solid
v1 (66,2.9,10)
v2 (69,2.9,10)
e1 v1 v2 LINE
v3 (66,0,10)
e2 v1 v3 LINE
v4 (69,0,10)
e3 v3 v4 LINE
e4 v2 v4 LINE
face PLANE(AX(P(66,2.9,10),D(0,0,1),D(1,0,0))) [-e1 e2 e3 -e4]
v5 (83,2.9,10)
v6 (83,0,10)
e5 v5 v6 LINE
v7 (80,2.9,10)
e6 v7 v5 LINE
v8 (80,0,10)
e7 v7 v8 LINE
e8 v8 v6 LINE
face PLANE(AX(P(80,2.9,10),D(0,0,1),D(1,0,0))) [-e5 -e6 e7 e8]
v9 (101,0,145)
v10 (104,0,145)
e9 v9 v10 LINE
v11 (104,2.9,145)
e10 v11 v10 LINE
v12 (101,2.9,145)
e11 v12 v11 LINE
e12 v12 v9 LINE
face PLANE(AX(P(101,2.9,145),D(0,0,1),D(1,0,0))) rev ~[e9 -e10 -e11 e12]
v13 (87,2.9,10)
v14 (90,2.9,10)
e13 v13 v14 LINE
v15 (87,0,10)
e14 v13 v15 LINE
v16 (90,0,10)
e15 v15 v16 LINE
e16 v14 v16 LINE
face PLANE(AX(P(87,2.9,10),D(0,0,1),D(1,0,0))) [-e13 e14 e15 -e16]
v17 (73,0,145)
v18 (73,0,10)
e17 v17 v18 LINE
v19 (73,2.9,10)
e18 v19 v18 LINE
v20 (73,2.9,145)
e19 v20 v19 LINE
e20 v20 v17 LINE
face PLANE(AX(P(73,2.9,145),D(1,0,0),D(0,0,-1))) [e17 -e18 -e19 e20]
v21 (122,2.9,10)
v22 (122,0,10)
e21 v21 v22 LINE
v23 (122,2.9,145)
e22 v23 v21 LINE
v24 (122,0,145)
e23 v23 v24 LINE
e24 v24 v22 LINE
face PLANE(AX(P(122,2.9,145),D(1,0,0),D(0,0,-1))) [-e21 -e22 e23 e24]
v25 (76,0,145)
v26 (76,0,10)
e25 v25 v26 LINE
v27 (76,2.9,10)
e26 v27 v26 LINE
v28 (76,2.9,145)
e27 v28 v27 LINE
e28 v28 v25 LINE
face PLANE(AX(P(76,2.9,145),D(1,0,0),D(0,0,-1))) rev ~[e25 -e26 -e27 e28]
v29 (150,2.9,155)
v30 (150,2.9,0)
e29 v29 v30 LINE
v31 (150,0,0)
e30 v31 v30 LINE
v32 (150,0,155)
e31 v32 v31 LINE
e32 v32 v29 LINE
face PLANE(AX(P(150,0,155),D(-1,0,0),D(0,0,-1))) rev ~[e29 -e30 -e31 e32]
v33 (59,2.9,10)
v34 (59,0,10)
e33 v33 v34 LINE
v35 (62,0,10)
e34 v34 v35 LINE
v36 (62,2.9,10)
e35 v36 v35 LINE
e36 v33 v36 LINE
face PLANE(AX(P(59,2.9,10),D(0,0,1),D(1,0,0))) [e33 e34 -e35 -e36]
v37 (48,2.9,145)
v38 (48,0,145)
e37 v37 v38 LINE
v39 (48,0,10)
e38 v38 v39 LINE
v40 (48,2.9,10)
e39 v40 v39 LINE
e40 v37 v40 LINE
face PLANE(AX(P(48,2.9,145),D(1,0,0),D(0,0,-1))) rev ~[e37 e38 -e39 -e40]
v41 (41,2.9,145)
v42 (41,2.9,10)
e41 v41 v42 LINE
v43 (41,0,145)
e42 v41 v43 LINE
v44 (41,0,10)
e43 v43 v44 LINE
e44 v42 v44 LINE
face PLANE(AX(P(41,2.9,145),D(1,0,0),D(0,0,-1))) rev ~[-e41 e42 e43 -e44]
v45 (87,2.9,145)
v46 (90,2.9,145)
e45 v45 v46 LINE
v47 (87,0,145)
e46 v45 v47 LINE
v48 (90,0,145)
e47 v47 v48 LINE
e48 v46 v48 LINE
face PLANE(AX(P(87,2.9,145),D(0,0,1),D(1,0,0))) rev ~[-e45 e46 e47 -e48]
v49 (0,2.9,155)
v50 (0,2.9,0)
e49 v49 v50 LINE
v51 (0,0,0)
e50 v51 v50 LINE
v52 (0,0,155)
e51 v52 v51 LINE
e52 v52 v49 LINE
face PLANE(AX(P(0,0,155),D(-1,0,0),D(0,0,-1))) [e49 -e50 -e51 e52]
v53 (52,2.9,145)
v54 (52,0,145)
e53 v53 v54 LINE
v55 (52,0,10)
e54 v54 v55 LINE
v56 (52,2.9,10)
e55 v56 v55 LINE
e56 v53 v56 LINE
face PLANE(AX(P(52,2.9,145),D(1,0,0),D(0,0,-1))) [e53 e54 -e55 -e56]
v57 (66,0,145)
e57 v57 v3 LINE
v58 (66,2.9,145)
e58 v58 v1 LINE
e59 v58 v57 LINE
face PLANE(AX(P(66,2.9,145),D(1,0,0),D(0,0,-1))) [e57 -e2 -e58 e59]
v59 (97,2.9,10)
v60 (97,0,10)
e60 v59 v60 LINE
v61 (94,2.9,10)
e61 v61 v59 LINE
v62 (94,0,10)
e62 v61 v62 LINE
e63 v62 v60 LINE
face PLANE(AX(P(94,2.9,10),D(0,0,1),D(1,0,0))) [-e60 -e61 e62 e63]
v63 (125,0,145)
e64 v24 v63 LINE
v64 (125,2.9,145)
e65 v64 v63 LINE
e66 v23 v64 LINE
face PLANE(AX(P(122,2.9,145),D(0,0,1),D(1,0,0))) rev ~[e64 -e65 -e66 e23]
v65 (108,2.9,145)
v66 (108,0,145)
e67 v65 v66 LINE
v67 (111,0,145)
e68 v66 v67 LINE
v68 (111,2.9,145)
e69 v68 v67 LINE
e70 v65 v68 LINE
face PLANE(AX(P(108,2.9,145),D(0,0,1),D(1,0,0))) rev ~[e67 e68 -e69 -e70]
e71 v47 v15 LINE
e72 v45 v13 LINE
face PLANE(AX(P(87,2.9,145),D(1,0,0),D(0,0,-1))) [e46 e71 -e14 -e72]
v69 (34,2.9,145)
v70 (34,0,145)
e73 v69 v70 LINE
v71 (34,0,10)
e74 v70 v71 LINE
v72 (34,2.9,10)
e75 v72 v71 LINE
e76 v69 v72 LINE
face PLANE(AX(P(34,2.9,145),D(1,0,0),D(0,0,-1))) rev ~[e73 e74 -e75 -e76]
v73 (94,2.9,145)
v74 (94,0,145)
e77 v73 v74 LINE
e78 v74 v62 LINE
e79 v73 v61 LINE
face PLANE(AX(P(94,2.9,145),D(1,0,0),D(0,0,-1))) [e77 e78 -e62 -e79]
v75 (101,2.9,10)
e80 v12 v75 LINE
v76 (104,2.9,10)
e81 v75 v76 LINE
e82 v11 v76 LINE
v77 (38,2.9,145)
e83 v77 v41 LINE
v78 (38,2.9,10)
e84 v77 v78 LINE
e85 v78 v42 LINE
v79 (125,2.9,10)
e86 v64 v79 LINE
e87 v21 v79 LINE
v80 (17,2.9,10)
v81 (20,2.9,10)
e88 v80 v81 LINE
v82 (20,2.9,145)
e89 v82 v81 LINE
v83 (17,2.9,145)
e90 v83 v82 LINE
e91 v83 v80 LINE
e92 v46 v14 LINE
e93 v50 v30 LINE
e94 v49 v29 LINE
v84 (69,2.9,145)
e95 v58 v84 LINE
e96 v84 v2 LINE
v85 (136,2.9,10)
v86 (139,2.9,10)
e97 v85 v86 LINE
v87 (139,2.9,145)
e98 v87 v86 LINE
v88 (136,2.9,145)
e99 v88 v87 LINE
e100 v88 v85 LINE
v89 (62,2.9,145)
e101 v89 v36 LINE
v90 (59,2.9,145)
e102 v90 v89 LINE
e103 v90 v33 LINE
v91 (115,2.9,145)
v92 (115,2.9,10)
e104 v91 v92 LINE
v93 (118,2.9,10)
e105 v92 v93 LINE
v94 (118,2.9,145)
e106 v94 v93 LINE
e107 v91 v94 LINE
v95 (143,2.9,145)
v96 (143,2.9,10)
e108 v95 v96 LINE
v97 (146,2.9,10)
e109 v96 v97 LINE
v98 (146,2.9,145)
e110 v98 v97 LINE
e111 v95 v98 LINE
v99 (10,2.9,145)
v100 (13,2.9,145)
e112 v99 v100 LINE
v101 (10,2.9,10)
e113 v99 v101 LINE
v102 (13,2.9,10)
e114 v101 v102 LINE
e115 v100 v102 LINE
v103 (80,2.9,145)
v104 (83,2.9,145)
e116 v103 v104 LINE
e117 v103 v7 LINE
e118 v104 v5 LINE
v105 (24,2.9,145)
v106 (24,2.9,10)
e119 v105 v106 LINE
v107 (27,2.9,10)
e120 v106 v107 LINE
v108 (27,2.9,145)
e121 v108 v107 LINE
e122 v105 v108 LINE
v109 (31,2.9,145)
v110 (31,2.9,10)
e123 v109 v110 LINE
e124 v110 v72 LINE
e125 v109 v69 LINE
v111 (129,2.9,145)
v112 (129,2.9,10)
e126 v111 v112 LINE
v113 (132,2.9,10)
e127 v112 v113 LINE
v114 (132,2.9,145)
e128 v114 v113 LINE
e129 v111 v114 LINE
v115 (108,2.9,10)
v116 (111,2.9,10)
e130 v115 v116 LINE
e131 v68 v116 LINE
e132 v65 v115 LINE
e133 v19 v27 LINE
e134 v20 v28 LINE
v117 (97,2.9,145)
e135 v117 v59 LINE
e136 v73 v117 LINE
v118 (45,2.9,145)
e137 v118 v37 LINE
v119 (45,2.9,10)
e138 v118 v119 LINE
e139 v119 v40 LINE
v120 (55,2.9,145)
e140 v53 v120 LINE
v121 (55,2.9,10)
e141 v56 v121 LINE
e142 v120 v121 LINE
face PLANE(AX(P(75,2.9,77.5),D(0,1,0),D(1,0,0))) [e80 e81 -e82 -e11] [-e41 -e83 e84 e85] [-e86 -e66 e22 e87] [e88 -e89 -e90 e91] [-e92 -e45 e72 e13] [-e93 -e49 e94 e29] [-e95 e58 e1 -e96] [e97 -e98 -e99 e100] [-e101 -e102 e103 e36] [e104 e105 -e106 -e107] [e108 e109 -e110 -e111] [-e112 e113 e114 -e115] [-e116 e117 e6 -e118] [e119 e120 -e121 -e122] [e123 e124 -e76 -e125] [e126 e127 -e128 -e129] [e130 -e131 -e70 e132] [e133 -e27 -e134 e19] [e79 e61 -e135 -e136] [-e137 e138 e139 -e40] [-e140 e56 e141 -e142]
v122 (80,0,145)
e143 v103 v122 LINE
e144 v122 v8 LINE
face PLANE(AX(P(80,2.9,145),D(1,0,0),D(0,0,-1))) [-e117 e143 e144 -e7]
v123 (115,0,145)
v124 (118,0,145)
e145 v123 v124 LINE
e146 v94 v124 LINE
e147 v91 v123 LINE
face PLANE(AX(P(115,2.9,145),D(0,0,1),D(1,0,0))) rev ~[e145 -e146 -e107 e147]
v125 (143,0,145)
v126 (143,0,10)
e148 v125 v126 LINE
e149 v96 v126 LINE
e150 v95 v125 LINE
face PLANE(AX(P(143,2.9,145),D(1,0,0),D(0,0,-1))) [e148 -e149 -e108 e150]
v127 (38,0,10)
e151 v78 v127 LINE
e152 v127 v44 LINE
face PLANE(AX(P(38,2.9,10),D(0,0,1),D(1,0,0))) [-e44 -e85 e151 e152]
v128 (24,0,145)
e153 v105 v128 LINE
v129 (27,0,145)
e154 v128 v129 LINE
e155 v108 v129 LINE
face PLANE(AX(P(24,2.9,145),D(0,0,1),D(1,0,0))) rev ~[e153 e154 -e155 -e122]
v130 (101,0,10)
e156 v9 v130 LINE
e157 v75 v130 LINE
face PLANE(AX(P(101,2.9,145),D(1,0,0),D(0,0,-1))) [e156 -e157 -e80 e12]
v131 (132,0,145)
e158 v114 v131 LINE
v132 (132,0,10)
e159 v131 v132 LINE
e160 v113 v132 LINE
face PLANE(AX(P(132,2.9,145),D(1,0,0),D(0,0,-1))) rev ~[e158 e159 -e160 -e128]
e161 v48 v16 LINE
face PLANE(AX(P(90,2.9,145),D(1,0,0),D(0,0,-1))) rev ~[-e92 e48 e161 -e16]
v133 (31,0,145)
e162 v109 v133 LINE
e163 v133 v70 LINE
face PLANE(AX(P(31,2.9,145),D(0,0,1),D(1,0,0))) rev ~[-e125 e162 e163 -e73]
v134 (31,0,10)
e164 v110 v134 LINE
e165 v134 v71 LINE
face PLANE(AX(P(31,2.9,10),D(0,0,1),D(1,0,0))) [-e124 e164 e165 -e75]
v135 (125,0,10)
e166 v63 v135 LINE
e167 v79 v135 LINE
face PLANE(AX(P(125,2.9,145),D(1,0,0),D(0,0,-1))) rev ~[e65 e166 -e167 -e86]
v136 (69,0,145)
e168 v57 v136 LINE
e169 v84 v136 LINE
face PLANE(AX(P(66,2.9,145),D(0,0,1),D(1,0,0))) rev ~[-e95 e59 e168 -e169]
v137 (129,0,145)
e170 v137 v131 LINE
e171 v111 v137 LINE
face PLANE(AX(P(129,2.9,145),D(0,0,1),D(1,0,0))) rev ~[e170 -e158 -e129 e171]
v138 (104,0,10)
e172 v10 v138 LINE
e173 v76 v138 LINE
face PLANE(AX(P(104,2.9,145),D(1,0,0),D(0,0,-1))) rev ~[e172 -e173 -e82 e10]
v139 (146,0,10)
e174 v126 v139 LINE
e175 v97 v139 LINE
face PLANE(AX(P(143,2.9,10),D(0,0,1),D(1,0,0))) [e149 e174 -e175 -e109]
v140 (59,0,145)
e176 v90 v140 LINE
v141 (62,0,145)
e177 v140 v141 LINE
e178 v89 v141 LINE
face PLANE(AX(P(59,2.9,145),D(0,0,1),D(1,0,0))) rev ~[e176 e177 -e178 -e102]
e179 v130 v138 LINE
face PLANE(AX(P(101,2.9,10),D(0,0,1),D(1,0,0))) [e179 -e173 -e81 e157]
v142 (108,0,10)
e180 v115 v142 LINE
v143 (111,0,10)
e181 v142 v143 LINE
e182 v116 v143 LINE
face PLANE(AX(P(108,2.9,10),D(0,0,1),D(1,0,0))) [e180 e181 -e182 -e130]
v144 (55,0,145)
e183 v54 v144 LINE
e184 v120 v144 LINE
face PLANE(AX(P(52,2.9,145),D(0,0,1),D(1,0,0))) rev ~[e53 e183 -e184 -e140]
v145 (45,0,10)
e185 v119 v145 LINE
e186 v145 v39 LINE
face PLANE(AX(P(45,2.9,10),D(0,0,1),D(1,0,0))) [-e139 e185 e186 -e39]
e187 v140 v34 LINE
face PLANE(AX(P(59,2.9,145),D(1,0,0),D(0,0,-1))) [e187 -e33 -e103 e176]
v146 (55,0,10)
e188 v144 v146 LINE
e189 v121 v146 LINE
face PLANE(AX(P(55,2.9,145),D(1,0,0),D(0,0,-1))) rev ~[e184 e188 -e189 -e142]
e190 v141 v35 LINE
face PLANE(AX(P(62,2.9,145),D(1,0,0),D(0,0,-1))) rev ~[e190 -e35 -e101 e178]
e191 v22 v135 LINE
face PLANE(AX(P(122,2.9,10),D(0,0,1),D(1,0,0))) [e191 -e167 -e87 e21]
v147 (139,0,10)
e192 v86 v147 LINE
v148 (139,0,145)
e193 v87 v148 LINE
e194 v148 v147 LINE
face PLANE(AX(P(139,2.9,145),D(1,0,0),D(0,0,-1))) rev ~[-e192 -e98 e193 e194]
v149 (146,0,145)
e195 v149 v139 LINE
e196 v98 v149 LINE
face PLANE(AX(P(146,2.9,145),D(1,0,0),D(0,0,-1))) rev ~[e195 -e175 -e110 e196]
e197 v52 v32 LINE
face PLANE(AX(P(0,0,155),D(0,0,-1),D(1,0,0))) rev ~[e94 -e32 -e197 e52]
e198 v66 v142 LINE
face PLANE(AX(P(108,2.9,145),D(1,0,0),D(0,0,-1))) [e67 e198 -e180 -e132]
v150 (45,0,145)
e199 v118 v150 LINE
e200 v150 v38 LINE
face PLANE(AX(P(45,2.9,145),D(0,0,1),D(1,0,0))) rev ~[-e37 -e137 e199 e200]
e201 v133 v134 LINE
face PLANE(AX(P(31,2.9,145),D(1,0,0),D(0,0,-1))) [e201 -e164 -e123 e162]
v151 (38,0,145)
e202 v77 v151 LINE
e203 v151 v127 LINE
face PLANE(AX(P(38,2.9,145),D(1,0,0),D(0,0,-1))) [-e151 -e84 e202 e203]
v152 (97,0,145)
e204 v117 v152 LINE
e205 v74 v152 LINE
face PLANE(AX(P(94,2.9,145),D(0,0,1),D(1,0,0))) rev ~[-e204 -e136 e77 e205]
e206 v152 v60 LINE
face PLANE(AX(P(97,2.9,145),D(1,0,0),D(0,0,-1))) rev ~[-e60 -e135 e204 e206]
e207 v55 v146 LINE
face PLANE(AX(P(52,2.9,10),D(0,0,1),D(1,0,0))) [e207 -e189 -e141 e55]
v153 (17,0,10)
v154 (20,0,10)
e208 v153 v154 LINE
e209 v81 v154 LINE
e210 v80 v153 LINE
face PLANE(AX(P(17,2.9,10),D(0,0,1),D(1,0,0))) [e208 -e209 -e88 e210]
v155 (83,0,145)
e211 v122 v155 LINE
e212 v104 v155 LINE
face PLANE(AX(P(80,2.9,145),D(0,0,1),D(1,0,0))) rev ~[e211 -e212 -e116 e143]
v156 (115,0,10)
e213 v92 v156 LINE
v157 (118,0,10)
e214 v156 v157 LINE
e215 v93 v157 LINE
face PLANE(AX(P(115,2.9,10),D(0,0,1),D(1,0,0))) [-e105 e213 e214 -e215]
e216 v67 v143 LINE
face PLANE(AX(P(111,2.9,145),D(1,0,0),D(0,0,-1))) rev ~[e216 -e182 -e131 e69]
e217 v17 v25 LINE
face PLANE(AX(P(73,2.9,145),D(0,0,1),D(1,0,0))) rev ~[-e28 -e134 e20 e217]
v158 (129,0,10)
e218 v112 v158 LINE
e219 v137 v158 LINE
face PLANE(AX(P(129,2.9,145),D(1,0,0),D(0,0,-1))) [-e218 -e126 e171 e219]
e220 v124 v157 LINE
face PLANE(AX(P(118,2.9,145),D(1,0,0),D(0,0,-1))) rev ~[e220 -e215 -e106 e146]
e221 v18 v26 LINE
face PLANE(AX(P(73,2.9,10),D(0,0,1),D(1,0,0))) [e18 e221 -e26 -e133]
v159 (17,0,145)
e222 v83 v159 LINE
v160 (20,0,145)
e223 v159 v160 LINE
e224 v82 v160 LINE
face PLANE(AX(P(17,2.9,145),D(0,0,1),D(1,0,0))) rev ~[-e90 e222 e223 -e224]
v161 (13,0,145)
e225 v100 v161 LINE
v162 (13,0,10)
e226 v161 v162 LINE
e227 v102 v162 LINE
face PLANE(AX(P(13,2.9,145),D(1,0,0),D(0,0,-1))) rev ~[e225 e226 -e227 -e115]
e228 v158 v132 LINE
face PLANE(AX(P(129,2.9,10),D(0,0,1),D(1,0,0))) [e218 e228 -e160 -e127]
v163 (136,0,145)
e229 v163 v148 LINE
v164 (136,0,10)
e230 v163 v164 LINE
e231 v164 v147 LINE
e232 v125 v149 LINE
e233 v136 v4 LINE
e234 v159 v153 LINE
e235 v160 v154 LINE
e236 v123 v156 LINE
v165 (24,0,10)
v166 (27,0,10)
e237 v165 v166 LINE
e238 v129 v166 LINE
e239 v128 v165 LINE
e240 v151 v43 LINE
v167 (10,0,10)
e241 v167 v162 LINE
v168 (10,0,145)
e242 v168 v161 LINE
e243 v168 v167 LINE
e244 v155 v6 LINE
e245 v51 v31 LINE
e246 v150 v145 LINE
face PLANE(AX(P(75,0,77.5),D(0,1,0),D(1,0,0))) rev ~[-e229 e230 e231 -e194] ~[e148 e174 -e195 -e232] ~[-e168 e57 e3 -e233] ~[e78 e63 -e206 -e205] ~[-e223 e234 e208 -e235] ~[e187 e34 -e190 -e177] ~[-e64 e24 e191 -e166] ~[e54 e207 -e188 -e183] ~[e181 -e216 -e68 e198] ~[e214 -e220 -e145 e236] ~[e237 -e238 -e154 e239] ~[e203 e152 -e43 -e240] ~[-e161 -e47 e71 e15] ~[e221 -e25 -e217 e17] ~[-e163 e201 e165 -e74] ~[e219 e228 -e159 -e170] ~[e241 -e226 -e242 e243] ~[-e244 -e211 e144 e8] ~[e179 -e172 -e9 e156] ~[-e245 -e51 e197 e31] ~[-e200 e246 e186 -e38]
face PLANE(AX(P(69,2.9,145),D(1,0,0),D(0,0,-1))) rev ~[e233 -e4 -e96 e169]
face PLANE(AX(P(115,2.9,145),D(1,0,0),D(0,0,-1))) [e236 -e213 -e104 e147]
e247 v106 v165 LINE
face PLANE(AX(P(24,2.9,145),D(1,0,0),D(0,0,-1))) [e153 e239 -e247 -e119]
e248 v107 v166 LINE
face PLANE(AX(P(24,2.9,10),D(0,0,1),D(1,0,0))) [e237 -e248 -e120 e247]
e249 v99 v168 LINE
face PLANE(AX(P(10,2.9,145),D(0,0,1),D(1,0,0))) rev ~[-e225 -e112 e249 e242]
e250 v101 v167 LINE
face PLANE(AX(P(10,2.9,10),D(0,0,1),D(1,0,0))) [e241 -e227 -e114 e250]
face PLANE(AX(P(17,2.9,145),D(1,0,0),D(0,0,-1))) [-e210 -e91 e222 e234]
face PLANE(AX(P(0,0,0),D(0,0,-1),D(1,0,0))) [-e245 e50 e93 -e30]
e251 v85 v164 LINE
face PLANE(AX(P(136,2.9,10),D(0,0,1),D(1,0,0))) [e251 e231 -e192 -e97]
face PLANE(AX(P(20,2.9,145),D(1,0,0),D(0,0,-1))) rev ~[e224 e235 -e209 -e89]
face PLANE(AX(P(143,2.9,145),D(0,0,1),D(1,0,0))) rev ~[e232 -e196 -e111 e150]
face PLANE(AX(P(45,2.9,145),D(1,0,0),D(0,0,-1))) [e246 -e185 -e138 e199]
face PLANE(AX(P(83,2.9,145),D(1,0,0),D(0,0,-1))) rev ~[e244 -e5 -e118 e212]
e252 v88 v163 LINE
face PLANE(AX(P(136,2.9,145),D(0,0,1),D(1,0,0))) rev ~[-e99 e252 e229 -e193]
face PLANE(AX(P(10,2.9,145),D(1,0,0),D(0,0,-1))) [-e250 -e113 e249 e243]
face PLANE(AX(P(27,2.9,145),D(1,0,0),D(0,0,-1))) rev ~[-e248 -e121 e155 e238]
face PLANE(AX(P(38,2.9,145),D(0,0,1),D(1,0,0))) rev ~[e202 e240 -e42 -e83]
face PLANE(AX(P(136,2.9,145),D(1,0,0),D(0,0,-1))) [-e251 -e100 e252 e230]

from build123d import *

# Parameters (mm, degrees)
SKETCH_1_W          = 150
SKETCH_1_H          = 155
EXTRUDE_1_DEPTH     = 2.9
SKETCH_2_W          = 3
SKETCH_2_H          = 135
CUT_EXTRUDE_4_DEPTH = 3


with BuildPart() as part:
    # 草图1 → 凸台-拉伸1 (new body)
    with BuildSketch(Plane(origin=(0, 0, 0), x_dir=(1, 0, 0), z_dir=(0, 1, 0))):
        with Locations((75, -77.5)):
            Rectangle(SKETCH_1_W, SKETCH_1_H)
    extrude(amount=EXTRUDE_1_DEPTH)

    # 草图2 → 切除-拉伸4 (cut)
    with BuildSketch(Plane(origin=(0, 2.9, 0), x_dir=(1, 0, 0), z_dir=(0, 1, 0))):
        with Locations((18.5, -77.5)):
            Rectangle(SKETCH_2_W, SKETCH_2_H)
        with Locations((11.5, -77.5)):
            Rectangle(SKETCH_2_W, SKETCH_2_H)
        with Locations((25.5, -77.5)):
            Rectangle(SKETCH_2_W, SKETCH_2_H)
        with Locations((32.5, -77.5)):
            Rectangle(SKETCH_2_W, SKETCH_2_H)
        with Locations((39.5, -77.5)):
            Rectangle(SKETCH_2_W, SKETCH_2_H)
        with Locations((46.5, -77.5)):
            Rectangle(SKETCH_2_W, SKETCH_2_H)
        with Locations((53.5, -77.5)):
            Rectangle(SKETCH_2_W, SKETCH_2_H)
        with Locations((60.5, -77.5)):
            Rectangle(SKETCH_2_W, SKETCH_2_H)
        with Locations((67.5, -77.5)):
            Rectangle(SKETCH_2_W, SKETCH_2_H)
        with Locations((74.5, -77.5)):
            Rectangle(SKETCH_2_W, SKETCH_2_H)
        with Locations((81.5, -77.5)):
            Rectangle(SKETCH_2_W, SKETCH_2_H)
        with Locations((88.5, -77.5)):
            Rectangle(SKETCH_2_W, SKETCH_2_H)
        with Locations((95.5, -77.5)):
            Rectangle(SKETCH_2_W, SKETCH_2_H)
        with Locations((102.5, -77.5)):
            Rectangle(SKETCH_2_W, SKETCH_2_H)
        with Locations((109.5, -77.5)):
            Rectangle(SKETCH_2_W, SKETCH_2_H)
        with Locations((116.5, -77.5)):
            Rectangle(SKETCH_2_W, SKETCH_2_H)
        with Locations((123.5, -77.5)):
            Rectangle(SKETCH_2_W, SKETCH_2_H)
        with Locations((130.5, -77.5)):
            Rectangle(SKETCH_2_W, SKETCH_2_H)
        with Locations((137.5, -77.5)):
            Rectangle(SKETCH_2_W, SKETCH_2_H)
        with Locations((144.5, -77.5)):
            Rectangle(SKETCH_2_W, SKETCH_2_H)
    extrude(amount=-CUT_EXTRUDE_4_DEPTH, mode=Mode.SUBTRACT)


solid = part.part
